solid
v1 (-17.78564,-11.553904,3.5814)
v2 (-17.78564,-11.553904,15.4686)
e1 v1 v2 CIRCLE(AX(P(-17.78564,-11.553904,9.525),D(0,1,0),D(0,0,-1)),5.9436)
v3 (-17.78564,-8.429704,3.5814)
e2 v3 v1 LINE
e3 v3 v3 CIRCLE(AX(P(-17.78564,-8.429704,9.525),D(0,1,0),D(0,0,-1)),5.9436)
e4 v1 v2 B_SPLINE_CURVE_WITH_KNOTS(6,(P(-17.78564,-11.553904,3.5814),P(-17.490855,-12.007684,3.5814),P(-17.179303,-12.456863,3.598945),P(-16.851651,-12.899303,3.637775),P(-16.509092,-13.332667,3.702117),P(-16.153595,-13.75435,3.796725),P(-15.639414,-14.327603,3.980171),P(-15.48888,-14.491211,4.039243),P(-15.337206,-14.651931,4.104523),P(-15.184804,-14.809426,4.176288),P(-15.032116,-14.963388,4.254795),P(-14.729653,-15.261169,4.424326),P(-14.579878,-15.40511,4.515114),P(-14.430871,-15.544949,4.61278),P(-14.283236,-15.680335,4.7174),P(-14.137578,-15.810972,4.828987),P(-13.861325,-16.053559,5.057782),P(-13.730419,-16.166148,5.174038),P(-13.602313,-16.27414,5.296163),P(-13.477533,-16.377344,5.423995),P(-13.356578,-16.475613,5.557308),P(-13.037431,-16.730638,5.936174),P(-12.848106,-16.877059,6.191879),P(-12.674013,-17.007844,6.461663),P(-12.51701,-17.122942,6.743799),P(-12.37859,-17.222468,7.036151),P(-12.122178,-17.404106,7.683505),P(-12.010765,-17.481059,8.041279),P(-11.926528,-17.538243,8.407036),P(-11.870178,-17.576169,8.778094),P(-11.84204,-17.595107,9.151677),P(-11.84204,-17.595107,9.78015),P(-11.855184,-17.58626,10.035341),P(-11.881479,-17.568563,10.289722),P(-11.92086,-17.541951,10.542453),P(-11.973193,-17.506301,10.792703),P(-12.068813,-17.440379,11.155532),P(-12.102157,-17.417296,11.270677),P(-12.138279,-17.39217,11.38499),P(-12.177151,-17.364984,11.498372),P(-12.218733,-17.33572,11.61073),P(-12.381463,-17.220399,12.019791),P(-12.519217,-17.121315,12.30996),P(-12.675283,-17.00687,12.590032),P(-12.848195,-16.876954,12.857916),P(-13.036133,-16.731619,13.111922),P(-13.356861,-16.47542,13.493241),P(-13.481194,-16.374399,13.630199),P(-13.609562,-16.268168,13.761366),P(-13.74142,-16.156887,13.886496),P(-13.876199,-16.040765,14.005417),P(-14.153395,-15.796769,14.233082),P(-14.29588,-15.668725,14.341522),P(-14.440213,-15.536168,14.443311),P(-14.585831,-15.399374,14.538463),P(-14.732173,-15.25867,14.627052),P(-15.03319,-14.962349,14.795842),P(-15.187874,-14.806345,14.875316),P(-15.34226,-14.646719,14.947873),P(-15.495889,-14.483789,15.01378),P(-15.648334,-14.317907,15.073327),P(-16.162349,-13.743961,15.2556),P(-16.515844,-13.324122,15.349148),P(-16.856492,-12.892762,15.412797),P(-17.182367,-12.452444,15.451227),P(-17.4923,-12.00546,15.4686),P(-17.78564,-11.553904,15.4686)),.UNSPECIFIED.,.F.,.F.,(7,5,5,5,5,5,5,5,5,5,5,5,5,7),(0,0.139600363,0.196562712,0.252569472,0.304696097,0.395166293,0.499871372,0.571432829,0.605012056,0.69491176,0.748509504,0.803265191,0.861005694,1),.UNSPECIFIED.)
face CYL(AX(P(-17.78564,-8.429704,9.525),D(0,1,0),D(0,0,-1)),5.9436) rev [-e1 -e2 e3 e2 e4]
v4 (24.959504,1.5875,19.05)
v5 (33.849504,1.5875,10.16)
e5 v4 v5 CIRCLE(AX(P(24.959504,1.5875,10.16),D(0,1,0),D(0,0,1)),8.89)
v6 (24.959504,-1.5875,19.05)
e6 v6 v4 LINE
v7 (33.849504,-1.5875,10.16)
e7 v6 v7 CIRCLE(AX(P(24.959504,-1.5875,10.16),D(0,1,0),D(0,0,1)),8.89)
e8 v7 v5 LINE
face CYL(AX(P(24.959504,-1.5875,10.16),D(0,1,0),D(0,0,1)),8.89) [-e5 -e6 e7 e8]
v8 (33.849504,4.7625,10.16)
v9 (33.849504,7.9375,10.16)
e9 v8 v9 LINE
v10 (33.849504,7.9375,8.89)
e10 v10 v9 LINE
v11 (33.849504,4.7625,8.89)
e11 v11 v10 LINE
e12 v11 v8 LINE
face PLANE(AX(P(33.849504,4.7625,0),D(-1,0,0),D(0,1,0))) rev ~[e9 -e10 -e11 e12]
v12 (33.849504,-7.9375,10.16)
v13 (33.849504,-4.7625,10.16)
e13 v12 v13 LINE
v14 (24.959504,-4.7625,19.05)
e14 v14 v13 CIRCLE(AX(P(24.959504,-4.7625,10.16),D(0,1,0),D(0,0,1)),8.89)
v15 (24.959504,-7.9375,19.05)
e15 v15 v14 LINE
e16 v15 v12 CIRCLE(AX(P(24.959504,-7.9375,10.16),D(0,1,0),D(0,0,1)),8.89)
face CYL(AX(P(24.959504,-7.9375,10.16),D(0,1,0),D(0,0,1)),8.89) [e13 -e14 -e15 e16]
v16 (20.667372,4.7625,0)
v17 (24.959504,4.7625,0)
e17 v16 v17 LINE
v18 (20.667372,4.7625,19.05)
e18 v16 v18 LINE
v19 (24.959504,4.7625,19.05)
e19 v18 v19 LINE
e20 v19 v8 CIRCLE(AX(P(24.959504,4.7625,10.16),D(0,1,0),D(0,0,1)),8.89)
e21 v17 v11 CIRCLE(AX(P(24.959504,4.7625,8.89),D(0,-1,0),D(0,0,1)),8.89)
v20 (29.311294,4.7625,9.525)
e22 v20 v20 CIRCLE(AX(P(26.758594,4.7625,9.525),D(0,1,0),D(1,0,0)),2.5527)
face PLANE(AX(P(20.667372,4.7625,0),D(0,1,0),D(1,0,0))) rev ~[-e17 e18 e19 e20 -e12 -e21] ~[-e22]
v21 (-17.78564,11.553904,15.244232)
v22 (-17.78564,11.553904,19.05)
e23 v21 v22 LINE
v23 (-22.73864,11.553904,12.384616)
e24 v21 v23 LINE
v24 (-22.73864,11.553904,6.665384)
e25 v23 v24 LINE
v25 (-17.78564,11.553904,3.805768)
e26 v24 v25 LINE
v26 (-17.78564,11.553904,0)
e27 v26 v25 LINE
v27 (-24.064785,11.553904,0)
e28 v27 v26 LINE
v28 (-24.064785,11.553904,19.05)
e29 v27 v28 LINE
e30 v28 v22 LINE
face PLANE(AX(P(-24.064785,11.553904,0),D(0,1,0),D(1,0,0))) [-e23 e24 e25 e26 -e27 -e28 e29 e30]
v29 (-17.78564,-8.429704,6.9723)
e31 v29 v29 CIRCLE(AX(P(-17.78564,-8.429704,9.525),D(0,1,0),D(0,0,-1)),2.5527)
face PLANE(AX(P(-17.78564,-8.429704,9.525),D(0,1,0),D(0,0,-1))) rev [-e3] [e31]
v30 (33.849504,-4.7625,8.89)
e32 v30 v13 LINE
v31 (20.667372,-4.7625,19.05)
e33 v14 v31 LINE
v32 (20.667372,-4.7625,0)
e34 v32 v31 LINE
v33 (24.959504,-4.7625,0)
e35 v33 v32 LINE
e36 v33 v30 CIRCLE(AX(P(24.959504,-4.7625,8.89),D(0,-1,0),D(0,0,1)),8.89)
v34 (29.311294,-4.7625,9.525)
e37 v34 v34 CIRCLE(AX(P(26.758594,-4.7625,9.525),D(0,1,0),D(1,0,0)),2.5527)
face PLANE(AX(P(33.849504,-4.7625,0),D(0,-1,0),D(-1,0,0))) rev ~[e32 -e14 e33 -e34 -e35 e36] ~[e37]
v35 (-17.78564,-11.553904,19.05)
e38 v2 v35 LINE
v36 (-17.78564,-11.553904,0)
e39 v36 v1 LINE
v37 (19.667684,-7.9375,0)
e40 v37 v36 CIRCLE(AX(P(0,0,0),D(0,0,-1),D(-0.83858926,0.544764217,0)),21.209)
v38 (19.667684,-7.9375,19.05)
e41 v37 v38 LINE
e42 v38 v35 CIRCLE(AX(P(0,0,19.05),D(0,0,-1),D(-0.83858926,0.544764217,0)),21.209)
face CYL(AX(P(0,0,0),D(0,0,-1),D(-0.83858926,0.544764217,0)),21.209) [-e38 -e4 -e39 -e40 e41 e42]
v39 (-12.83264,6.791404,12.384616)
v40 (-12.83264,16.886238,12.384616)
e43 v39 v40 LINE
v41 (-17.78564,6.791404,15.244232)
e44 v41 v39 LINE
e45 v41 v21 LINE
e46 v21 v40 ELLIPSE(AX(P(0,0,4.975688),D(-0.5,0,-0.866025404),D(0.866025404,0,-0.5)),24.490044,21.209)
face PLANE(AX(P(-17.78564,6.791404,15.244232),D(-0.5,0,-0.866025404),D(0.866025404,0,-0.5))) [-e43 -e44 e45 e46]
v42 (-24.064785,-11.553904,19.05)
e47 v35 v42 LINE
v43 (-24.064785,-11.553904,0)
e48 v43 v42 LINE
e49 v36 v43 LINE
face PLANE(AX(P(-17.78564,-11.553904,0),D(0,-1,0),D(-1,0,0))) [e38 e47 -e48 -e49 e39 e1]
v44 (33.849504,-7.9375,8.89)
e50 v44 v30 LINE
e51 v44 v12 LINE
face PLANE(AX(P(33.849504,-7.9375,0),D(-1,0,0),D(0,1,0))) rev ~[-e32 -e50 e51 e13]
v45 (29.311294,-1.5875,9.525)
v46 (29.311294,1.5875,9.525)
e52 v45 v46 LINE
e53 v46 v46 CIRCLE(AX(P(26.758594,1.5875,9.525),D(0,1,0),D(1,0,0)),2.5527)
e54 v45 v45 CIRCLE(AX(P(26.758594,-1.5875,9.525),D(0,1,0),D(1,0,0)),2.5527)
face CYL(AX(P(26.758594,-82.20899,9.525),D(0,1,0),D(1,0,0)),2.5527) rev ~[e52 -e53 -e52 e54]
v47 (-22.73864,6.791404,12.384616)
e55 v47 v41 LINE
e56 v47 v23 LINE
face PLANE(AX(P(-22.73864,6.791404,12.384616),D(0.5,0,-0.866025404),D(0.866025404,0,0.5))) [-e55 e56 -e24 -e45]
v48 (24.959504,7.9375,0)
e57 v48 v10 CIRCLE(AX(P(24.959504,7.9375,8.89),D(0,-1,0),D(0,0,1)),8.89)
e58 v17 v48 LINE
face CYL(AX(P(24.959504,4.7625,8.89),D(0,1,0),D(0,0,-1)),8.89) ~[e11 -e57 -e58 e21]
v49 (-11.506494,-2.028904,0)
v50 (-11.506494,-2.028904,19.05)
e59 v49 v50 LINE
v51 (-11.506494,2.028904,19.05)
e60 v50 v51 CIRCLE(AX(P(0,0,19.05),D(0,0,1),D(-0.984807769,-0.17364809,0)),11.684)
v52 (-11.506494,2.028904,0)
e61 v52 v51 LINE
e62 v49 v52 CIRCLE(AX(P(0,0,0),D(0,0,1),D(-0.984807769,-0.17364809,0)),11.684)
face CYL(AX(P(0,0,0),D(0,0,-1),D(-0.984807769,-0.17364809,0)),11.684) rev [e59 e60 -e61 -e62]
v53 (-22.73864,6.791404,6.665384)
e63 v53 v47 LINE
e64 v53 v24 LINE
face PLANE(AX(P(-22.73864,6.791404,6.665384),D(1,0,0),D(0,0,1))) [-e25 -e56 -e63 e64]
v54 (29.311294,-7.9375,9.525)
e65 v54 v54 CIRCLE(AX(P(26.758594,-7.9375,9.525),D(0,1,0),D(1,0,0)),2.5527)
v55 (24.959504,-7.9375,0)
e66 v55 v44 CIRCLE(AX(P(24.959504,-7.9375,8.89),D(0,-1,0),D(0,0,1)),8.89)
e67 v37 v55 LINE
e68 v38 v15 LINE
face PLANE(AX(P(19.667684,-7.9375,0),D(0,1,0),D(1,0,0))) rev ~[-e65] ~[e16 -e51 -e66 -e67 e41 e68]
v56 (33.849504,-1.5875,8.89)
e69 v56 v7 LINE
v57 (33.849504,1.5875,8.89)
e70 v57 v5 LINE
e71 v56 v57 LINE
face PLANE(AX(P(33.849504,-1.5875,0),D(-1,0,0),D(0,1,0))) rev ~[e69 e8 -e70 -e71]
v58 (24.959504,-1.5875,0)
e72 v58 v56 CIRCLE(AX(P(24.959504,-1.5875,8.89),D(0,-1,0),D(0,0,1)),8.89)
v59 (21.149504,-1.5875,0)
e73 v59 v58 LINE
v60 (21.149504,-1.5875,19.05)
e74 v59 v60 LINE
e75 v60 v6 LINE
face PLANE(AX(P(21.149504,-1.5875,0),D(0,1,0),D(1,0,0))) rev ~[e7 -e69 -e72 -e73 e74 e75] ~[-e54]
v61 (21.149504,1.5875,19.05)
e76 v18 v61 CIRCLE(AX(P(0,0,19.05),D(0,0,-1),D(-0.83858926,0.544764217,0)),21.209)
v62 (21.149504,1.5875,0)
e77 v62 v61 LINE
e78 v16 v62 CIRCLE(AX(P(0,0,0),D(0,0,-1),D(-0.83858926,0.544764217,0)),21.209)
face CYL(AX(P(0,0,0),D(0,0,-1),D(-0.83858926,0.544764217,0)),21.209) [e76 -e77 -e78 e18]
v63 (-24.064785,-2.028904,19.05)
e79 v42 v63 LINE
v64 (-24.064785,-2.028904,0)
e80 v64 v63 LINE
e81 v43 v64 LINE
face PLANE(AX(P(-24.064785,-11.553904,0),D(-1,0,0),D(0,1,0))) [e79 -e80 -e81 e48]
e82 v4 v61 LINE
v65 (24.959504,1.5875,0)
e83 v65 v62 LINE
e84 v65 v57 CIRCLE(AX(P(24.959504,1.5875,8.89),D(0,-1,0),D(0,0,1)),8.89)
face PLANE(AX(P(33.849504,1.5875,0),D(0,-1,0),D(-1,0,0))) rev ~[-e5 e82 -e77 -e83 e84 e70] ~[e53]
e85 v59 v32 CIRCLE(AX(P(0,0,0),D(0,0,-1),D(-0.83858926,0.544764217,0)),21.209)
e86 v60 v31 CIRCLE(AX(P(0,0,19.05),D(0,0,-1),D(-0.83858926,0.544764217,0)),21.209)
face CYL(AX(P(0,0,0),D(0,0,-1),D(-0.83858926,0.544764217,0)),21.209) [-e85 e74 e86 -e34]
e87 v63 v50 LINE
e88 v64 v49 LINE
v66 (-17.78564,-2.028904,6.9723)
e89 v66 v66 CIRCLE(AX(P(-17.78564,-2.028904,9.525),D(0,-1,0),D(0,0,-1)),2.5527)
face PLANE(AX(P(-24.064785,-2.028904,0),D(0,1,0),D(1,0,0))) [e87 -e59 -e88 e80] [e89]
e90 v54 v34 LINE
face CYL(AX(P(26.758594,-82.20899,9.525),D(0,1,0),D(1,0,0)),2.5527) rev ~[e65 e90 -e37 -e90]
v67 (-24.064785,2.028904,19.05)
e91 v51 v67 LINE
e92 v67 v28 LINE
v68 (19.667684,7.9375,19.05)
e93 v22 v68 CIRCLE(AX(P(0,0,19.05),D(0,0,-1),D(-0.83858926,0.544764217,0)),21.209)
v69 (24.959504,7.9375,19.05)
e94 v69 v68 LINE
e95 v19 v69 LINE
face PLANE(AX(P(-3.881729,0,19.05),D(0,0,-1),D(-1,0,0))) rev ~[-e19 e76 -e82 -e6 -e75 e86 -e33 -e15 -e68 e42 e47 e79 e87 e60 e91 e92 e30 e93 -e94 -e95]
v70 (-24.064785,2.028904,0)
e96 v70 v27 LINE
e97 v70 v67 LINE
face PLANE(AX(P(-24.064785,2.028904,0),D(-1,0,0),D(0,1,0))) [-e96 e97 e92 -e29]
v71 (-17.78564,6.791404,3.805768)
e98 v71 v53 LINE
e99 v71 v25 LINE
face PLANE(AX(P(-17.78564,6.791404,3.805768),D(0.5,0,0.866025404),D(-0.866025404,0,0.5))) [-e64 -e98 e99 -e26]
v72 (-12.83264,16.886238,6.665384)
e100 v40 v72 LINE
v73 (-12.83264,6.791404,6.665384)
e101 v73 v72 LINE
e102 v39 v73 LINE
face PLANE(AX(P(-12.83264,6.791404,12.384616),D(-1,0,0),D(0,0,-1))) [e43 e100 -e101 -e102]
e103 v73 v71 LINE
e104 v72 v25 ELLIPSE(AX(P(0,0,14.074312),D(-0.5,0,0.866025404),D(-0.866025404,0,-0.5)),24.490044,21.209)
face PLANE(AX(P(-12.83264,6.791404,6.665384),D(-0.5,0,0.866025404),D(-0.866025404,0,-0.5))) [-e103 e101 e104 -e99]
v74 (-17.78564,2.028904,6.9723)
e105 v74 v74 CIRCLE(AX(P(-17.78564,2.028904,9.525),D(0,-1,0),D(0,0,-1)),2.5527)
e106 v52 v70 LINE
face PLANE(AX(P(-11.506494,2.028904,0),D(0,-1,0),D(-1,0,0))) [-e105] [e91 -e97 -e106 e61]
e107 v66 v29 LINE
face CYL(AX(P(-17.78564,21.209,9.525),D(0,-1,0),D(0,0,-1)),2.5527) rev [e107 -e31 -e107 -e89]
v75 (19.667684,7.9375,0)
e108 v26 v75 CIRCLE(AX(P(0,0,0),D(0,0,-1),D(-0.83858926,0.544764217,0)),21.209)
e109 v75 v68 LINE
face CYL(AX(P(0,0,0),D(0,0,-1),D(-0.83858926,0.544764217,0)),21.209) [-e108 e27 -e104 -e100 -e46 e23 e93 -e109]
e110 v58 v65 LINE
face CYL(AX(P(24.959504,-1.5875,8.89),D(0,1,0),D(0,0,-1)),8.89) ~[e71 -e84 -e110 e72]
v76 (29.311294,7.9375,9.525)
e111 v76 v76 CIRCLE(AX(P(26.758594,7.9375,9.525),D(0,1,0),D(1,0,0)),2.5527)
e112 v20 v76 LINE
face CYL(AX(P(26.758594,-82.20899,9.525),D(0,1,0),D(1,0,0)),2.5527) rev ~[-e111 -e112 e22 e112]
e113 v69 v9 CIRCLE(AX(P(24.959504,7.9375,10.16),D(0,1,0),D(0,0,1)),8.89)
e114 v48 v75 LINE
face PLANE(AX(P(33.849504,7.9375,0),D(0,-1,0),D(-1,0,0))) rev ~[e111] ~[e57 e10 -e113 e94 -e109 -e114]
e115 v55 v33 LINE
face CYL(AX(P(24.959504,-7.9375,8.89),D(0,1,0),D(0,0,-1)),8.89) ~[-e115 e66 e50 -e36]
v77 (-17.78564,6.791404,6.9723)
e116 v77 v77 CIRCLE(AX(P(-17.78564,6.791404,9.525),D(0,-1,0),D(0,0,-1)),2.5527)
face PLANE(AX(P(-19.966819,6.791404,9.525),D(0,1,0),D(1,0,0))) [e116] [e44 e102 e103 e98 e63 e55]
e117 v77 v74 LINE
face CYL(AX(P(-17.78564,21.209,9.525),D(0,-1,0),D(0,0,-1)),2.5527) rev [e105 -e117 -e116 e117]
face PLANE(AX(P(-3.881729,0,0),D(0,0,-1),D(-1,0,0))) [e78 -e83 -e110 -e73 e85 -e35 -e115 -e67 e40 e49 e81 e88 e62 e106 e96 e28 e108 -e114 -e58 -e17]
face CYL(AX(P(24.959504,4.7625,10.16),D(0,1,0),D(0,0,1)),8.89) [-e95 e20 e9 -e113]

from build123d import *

# Parameters (mm, degrees)
BODY_DEPTH                    = 19.05
SKETCH4_R                     = 5.9436
F_10_HEAD_CLEARANCE_DEPTH     = 49.85841003
F_10_NUT_CLEARANCE_DEPTH      = 51.814361521
F_10_NUT_CLEARANCE_DEPTH_BACK = 4.7625
FILLET2_R                     = 8.89
F_10_CLEARANCE_HOLE1_D        = 5.1054


with BuildPart() as part:
    # Sketch1 → Body (new body)
    with BuildSketch(Plane.XY):
        with BuildLine():
            ThreePointArc((-11.506493967, -2.02890428), (8.950462938, -7.510330831), (0, 11.684))
            ThreePointArc((0, 11.684), (-7.510330831, 8.950462938), (-11.506493967, 2.02890428))
            Line((-11.506493967, 2.02890428), (-24.064785284, 2.02890428))
            Line((-24.064785284, 2.02890428), (-24.064785284, 11.55390428))
            Line((-24.064785284, 11.55390428), (-17.785639626, 11.55390428))
            ThreePointArc((-17.785639626, 11.55390428), (21.209, 0), (-17.785639626, -11.55390428))
            Line((-17.785639626, -11.55390428), (-24.064785284, -11.55390428))
            Line((-24.064785284, -11.55390428), (-24.064785284, -2.02890428))
            Line((-24.064785284, -2.02890428), (-11.506493967, -2.02890428))
        make_face()
        with BuildLine():
            ThreePointArc((20.667372227, -4.7625), (20.229911928, -6.369642406), (19.667683513, -7.9375))
            Line((19.667683513, -7.9375), (33.849504125, -7.9375))
            Line((33.849504125, -7.9375), (33.849504125, -4.7625))
            Line((33.849504125, -4.7625), (20.667372227, -4.7625))
        make_face()
        with BuildLine():
            Line((33.849504125, 1.5875), (21.149504125, 1.5875))
            ThreePointArc((21.149504125, 1.5875), (21.209, 0), (21.149504125, -1.5875))
            Line((21.149504125, -1.5875), (33.849504125, -1.5875))
            Line((33.849504125, -1.5875), (33.849504125, 1.5875))
        make_face()
        with BuildLine():
            Line((33.849504125, 7.9375), (19.667683513, 7.9375))
            ThreePointArc((19.667683513, 7.9375), (20.229911928, 6.369642406), (20.667372227, 4.7625))
            Line((20.667372227, 4.7625), (33.849504125, 4.7625))
            Line((33.849504125, 4.7625), (33.849504125, 7.9375))
        make_face()
    extrude(amount=BODY_DEPTH)

    # Sketch3 → CBORE for #10 Binding Head Machine Screw1 (revolve, cut)
    with BuildSketch(Plane(origin=(-17.785639626, -11.55390428, 9.525), x_dir=(0, 0, -1), z_dir=(1, 0, 0))):
        Polygon((0, 0), (0, 32.76290428), (2.5527, 32.76290428), (2.5527, 3.1242), (5.9436, 3.1242), (5.9436, 0), align=None)
    revolve(axis=Axis((-17.785639626, -17.90390428, 9.525), (0, 1, 0)), mode=Mode.SUBTRACT)

    # Sketch4 → #10 Head clearance (cut, through all)
    with BuildSketch(Plane.XZ.offset(8.42970428)):
        with Locations(Location((-17.785639626, 9.525, 0), (0, 0, 270))):
            Circle(SKETCH4_R)
    extrude(amount=F_10_HEAD_CLEARANCE_DEPTH, mode=Mode.SUBTRACT)

    # Sketch5 → #10 nut clearance (cut, two sides: drawn at the far end of the back side and taken through both)
    with BuildSketch(Plane(origin=(0, 11.55390428, 0), x_dir=(1, 0, 0), z_dir=(0, 1, 0)).offset(-F_10_NUT_CLEARANCE_DEPTH_BACK)):
        with BuildLine():
            Line((-17.785639626, -3.805768233), (-22.738639626, -6.665384117))
            Line((-22.738639626, -6.665384117), (-22.738639626, -12.384615883))
            Line((-22.738639626, -12.384615883), (-17.785639626, -15.244231767))
            Line((-17.785639626, -15.244231767), (-17.785639626, -12.0777))
            ThreePointArc((-17.785639626, -12.0777), (-20.338339626, -9.525), (-17.785639626, -6.9723))
            Line((-17.785639626, -6.9723), (-17.785639626, -3.805768233))
        make_face()
        with BuildLine():
            Line((-12.832639626, -6.665384117), (-17.785639626, -3.805768233))
            Line((-17.785639626, -3.805768233), (-17.785639626, -6.9723))
            ThreePointArc((-17.785639626, -6.9723), (-20.338339626, -9.525), (-17.785639626, -12.0777))
            Line((-17.785639626, -12.0777), (-17.785639626, -15.244231767))
            Line((-17.785639626, -15.244231767), (-12.832639626, -12.384615883))
            Line((-12.832639626, -12.384615883), (-12.832639626, -6.665384117))
        make_face()
    extrude(amount=F_10_NUT_CLEARANCE_DEPTH + F_10_NUT_CLEARANCE_DEPTH_BACK, mode=Mode.SUBTRACT)

    # Fillet2
    fillet2_edges = [part.edges().sort_by_distance(p)[0] for p in [
        (33.849504125, 6.35, 0),
        (33.849504125, 0, 0),
        (33.849504125, -6.35, 0),
        (33.849504125, -6.35, 19.05),
        (33.849504125, 0, 19.05),
        (33.849504125, 6.35, 19.05),
    ]]
    fillet(fillet2_edges, radius=FILLET2_R)

    # #10 Clearance Hole1 (through all)
    with Locations(Plane(origin=(0, -7.9375, 0), x_dir=(-1, 0, 0), z_dir=(0, -1, 0))):
        with Locations((-26.758593819, -9.525)):
            Hole(F_10_CLEARANCE_HOLE1_D / 2)


solid = part.part
